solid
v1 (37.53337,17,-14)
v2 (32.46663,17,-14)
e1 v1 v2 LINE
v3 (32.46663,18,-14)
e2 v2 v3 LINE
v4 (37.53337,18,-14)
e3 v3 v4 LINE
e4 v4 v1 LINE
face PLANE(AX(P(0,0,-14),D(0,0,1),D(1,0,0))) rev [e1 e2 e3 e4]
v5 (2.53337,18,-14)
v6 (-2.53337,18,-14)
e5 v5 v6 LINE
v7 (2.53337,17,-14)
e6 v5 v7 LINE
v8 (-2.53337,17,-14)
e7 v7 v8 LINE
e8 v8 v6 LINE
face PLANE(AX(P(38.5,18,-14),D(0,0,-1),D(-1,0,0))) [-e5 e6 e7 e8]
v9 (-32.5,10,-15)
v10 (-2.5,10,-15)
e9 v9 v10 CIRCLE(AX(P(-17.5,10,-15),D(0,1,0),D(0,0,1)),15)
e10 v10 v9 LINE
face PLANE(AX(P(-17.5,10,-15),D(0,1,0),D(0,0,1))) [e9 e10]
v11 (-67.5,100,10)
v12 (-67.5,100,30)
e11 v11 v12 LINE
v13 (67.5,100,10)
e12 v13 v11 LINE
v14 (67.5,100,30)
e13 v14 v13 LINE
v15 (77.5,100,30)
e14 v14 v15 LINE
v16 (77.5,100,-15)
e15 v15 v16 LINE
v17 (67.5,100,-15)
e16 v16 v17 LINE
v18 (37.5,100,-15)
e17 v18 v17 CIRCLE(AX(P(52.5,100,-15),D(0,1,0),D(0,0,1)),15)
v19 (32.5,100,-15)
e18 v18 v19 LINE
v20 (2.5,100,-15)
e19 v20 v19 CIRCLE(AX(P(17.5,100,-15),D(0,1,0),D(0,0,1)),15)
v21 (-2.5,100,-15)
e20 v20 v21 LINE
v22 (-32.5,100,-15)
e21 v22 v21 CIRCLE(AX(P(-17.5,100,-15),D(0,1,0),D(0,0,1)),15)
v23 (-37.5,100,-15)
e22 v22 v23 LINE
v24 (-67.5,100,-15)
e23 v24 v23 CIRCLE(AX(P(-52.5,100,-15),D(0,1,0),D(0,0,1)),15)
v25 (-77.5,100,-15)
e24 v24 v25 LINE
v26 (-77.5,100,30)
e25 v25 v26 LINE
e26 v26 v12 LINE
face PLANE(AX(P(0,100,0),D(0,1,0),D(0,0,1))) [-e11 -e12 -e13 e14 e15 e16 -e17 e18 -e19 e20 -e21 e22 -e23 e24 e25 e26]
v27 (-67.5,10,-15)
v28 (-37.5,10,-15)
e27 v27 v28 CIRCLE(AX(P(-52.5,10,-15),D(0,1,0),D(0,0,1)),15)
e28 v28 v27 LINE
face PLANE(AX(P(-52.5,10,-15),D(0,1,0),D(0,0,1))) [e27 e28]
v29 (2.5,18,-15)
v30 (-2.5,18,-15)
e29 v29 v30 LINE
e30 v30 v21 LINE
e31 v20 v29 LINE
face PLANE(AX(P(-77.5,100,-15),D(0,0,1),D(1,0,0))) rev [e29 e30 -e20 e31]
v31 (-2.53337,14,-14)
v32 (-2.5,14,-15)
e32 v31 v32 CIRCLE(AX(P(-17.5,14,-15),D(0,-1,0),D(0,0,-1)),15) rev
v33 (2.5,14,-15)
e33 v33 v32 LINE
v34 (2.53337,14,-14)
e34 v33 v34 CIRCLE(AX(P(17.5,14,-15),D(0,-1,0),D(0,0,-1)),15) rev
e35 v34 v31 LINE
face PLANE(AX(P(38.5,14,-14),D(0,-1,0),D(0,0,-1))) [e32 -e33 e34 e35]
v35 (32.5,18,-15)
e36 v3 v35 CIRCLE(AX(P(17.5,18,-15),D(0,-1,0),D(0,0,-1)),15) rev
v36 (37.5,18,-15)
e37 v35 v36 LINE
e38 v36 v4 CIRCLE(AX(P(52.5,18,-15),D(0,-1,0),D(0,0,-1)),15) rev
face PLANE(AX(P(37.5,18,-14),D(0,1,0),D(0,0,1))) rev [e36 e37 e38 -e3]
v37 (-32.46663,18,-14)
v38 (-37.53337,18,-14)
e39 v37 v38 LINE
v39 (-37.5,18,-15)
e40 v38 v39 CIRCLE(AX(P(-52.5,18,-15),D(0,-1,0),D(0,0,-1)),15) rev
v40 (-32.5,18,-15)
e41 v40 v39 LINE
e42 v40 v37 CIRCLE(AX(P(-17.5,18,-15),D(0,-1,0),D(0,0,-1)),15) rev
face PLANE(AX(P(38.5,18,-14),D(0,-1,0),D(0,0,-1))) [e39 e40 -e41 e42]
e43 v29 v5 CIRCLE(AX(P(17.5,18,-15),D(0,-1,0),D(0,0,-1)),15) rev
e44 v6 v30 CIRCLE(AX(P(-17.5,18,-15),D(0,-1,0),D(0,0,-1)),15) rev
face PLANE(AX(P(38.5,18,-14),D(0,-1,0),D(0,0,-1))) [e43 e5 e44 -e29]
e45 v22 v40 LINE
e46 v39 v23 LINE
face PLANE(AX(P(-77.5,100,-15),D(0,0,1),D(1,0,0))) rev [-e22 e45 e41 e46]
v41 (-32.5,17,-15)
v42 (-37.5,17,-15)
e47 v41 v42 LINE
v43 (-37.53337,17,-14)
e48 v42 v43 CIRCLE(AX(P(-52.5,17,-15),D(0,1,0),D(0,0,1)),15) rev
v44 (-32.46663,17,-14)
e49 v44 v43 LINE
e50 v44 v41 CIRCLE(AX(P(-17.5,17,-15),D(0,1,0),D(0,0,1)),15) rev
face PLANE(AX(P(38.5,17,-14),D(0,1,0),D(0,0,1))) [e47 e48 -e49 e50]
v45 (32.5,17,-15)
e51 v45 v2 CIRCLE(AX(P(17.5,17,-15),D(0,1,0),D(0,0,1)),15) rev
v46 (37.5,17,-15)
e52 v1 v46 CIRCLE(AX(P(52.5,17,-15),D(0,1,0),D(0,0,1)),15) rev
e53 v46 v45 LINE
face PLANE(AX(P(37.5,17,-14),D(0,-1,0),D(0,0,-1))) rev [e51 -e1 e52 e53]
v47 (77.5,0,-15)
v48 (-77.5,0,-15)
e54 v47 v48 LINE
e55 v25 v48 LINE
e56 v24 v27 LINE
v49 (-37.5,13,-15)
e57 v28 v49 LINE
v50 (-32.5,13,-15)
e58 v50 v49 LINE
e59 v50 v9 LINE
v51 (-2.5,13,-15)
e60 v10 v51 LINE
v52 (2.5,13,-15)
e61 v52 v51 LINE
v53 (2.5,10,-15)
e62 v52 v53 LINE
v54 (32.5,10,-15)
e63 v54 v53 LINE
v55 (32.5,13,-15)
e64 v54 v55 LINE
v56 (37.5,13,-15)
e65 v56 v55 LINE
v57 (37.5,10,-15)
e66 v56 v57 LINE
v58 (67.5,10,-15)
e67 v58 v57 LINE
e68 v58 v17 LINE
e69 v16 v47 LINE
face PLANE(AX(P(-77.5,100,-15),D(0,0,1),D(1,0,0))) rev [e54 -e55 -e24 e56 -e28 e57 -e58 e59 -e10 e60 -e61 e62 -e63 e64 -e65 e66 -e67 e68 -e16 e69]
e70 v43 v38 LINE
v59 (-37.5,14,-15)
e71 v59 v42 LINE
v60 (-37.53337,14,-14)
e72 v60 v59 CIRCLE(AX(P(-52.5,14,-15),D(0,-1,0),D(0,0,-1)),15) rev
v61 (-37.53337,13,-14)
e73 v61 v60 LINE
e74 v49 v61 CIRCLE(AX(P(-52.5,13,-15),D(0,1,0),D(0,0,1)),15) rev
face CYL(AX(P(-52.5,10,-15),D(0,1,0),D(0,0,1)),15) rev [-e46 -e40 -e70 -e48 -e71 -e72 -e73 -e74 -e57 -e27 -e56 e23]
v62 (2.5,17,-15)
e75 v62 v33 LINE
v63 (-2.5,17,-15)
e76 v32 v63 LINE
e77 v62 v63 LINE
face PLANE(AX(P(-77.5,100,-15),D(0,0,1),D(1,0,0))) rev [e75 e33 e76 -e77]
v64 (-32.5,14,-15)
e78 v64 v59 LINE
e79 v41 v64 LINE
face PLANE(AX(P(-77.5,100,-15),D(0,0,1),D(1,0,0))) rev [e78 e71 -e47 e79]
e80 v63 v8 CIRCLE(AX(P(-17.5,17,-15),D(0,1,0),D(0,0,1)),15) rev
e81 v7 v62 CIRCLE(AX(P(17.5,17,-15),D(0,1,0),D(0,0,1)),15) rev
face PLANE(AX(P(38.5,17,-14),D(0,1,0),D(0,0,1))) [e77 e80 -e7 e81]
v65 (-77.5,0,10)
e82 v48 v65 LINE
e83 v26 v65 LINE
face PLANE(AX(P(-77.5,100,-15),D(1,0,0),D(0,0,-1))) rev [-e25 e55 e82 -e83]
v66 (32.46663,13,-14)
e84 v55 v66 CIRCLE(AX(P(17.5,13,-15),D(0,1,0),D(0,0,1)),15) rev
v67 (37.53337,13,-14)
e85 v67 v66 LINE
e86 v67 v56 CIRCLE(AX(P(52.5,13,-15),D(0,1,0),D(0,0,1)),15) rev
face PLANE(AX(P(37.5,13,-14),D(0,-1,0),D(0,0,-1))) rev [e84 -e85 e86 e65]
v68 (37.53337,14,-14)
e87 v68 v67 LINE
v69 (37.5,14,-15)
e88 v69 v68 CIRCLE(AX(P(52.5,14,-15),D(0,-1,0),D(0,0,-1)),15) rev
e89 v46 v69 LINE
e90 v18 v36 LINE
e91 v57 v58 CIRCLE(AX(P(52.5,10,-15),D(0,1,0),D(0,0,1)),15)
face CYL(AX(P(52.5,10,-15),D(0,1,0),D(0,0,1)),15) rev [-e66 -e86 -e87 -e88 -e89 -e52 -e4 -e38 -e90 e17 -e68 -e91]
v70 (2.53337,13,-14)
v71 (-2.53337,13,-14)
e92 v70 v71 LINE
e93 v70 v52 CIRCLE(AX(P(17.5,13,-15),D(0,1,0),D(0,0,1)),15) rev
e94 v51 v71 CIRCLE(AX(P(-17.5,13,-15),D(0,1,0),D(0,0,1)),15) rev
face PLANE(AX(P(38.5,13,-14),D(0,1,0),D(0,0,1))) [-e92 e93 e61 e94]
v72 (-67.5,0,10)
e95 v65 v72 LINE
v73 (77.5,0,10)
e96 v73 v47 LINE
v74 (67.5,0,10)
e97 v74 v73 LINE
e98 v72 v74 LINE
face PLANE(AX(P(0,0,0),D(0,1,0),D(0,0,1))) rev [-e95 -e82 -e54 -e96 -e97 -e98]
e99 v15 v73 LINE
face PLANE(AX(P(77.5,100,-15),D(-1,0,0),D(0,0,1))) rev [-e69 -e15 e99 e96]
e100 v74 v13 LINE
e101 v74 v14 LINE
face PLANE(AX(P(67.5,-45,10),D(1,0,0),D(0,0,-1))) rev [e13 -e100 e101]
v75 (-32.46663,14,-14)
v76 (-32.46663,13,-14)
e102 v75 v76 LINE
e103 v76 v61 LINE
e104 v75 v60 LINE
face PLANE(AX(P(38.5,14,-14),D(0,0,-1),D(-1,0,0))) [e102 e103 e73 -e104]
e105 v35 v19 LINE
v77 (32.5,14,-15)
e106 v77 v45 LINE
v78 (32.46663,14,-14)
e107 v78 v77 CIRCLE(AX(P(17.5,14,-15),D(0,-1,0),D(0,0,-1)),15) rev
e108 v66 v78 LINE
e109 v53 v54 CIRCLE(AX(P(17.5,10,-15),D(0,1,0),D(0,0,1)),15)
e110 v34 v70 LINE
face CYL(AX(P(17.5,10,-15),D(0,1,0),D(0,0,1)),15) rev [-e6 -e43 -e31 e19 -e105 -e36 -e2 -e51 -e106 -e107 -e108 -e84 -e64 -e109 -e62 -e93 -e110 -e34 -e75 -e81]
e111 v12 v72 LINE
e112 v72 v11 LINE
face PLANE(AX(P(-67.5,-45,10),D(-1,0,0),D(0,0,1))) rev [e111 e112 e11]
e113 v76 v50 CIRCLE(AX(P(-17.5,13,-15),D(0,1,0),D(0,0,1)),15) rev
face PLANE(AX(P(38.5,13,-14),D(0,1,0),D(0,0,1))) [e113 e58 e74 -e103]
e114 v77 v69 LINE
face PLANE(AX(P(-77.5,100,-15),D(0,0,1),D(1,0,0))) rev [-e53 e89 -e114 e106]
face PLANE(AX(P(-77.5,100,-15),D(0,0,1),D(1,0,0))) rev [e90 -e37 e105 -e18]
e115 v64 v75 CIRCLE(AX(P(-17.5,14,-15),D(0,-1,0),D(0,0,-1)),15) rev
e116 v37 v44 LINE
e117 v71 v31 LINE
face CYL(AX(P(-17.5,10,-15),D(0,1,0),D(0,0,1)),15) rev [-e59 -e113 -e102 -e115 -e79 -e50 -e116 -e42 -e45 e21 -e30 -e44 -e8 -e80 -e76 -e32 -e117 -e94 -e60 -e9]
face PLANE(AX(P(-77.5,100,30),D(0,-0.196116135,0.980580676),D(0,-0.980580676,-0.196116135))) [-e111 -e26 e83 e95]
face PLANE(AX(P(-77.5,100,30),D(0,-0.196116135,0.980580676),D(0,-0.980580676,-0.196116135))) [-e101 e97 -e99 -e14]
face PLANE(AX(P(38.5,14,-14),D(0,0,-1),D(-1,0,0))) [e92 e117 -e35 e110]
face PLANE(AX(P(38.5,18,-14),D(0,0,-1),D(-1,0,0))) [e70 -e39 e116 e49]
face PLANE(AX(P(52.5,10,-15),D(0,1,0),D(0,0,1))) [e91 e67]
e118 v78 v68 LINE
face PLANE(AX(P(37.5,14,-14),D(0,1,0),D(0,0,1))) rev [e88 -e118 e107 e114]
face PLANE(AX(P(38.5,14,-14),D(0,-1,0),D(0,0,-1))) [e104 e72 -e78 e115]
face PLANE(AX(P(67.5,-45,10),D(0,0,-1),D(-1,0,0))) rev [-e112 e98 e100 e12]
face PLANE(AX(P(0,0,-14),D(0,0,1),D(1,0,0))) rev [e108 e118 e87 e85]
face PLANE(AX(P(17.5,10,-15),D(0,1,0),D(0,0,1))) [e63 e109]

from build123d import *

# Parameters (mm, degrees)
SKETCH1_W               = 155
SKETCH1_H               = 30
BOSS_EXTRUDE1_DEPTH     = 100
SKETCH2_R               = 15
CUT_EXTRUDE2_DEPTH      = 90
SKETCH4_W               = 155
SKETCH4_H               = 100
CUT_EXTRUDE3_DEPTH      = 5
BOSS_EXTRUDE2_DEPTH     = 155
SKETCH6_W               = 135
SKETCH6_H               = 20
CUT_EXTRUDE4_DEPTH      = 145
SKETCH7_W               = 5
SKETCH7_H               = 1
CUT_EXTRUDE6_DEPTH      = 1
CUT_EXTRUDE7_DEPTH      = 6
CUT_EXTRUDE7_DEPTH_BACK = 71
SKETCH8_W               = 1
SKETCH8_H               = 1
SKETCH9_W               = 5
SKETCH9_H               = 1
CUT_EXTRUDE8_DEPTH      = 1
CUT_EXTRUDE9_DEPTH      = 6
CUT_EXTRUDE9_DEPTH_BACK = 71
SKETCH10_W              = 1
SKETCH10_H              = 1


with BuildPart() as part:
    # Sketch1 → Boss-Extrude1 (new body)
    with BuildSketch(Plane(origin=(0, 0, 0), x_dir=(1, 0, 0), z_dir=(0, 1, 0))):
        Rectangle(SKETCH1_W, SKETCH1_H)
    extrude(amount=BOSS_EXTRUDE1_DEPTH)

    # Sketch2 → Cut-Extrude2 (cut)
    with BuildSketch(Plane(origin=(0, 100, 0), x_dir=(1, 0, 0), z_dir=(0, 1, 0))):
        with Locations((-52.5, 15)):
            Circle(SKETCH2_R)
        with Locations((-17.5, 15)):
            Circle(SKETCH2_R)
        with Locations((17.5, 15)):
            Circle(SKETCH2_R)
        with Locations((52.5, 15)):
            Circle(SKETCH2_R)
    extrude(amount=-CUT_EXTRUDE2_DEPTH, mode=Mode.SUBTRACT)

    # Sketch4 → Cut-Extrude3 (cut)
    with BuildSketch(Plane.XY.offset(15)):
        with Locations((0, 50)):
            Rectangle(SKETCH4_W, SKETCH4_H)
    extrude(amount=-CUT_EXTRUDE3_DEPTH, mode=Mode.SUBTRACT)

    # Sketch5 → Boss-Extrude2 (add)
    with BuildSketch(Plane(origin=(77.5, 0, 0), x_dir=(0, 0, -1), z_dir=(1, 0, 0))):
        Polygon((-10, 100), (-30, 100), (-10, 0), align=None)
    extrude(amount=-BOSS_EXTRUDE2_DEPTH)

    # Sketch6 → Cut-Extrude4 (cut)
    with BuildSketch(Plane(origin=(0, 100, 0), x_dir=(1, 0, 0), z_dir=(0, 1, 0))):
        with Locations((0, -20)):
            Rectangle(SKETCH6_W, SKETCH6_H)
    extrude(amount=-CUT_EXTRUDE4_DEPTH, mode=Mode.SUBTRACT)

    # Sketch7 → Cut-Extrude6 (cut)
    with BuildSketch(Plane(origin=(0, 0, -15), x_dir=(-1, 0, 0), z_dir=(0, 0, -1))):
        with Locations((-35, 13.5)):
            Rectangle(SKETCH7_W, SKETCH7_H)
    extrude(amount=-CUT_EXTRUDE6_DEPTH, mode=Mode.SUBTRACT)

    # Sketch8 → Cut-Extrude7 (cut, two sides: drawn at the far end of the back side and taken through both)
    with BuildSketch(Plane(origin=(32.5, 0, 0), x_dir=(0, 0, -1), z_dir=(1, 0, 0)).offset(-CUT_EXTRUDE7_DEPTH_BACK)):
        with Locations((14.5, 13.5)):
            Rectangle(SKETCH8_W, SKETCH8_H)
    extrude(amount=CUT_EXTRUDE7_DEPTH + CUT_EXTRUDE7_DEPTH_BACK, mode=Mode.SUBTRACT)

    # Sketch9 → Cut-Extrude8 (cut)
    with BuildSketch(Plane(origin=(0, 0, -15), x_dir=(-1, 0, 0), z_dir=(0, 0, -1))):
        with Locations((-35, 17.5)):
            Rectangle(SKETCH9_W, SKETCH9_H)
    extrude(amount=-CUT_EXTRUDE8_DEPTH, mode=Mode.SUBTRACT)

    # Sketch10 → Cut-Extrude9 (cut, two sides: drawn at the far end of the back side and taken through both)
    with BuildSketch(Plane(origin=(32.5, 0, 0), x_dir=(0, 0, -1), z_dir=(1, 0, 0)).offset(-CUT_EXTRUDE9_DEPTH_BACK)):
        with Locations((14.5, 17.5)):
            Rectangle(SKETCH10_W, SKETCH10_H)
    extrude(amount=CUT_EXTRUDE9_DEPTH + CUT_EXTRUDE9_DEPTH_BACK, mode=Mode.SUBTRACT)


solid = part.part
